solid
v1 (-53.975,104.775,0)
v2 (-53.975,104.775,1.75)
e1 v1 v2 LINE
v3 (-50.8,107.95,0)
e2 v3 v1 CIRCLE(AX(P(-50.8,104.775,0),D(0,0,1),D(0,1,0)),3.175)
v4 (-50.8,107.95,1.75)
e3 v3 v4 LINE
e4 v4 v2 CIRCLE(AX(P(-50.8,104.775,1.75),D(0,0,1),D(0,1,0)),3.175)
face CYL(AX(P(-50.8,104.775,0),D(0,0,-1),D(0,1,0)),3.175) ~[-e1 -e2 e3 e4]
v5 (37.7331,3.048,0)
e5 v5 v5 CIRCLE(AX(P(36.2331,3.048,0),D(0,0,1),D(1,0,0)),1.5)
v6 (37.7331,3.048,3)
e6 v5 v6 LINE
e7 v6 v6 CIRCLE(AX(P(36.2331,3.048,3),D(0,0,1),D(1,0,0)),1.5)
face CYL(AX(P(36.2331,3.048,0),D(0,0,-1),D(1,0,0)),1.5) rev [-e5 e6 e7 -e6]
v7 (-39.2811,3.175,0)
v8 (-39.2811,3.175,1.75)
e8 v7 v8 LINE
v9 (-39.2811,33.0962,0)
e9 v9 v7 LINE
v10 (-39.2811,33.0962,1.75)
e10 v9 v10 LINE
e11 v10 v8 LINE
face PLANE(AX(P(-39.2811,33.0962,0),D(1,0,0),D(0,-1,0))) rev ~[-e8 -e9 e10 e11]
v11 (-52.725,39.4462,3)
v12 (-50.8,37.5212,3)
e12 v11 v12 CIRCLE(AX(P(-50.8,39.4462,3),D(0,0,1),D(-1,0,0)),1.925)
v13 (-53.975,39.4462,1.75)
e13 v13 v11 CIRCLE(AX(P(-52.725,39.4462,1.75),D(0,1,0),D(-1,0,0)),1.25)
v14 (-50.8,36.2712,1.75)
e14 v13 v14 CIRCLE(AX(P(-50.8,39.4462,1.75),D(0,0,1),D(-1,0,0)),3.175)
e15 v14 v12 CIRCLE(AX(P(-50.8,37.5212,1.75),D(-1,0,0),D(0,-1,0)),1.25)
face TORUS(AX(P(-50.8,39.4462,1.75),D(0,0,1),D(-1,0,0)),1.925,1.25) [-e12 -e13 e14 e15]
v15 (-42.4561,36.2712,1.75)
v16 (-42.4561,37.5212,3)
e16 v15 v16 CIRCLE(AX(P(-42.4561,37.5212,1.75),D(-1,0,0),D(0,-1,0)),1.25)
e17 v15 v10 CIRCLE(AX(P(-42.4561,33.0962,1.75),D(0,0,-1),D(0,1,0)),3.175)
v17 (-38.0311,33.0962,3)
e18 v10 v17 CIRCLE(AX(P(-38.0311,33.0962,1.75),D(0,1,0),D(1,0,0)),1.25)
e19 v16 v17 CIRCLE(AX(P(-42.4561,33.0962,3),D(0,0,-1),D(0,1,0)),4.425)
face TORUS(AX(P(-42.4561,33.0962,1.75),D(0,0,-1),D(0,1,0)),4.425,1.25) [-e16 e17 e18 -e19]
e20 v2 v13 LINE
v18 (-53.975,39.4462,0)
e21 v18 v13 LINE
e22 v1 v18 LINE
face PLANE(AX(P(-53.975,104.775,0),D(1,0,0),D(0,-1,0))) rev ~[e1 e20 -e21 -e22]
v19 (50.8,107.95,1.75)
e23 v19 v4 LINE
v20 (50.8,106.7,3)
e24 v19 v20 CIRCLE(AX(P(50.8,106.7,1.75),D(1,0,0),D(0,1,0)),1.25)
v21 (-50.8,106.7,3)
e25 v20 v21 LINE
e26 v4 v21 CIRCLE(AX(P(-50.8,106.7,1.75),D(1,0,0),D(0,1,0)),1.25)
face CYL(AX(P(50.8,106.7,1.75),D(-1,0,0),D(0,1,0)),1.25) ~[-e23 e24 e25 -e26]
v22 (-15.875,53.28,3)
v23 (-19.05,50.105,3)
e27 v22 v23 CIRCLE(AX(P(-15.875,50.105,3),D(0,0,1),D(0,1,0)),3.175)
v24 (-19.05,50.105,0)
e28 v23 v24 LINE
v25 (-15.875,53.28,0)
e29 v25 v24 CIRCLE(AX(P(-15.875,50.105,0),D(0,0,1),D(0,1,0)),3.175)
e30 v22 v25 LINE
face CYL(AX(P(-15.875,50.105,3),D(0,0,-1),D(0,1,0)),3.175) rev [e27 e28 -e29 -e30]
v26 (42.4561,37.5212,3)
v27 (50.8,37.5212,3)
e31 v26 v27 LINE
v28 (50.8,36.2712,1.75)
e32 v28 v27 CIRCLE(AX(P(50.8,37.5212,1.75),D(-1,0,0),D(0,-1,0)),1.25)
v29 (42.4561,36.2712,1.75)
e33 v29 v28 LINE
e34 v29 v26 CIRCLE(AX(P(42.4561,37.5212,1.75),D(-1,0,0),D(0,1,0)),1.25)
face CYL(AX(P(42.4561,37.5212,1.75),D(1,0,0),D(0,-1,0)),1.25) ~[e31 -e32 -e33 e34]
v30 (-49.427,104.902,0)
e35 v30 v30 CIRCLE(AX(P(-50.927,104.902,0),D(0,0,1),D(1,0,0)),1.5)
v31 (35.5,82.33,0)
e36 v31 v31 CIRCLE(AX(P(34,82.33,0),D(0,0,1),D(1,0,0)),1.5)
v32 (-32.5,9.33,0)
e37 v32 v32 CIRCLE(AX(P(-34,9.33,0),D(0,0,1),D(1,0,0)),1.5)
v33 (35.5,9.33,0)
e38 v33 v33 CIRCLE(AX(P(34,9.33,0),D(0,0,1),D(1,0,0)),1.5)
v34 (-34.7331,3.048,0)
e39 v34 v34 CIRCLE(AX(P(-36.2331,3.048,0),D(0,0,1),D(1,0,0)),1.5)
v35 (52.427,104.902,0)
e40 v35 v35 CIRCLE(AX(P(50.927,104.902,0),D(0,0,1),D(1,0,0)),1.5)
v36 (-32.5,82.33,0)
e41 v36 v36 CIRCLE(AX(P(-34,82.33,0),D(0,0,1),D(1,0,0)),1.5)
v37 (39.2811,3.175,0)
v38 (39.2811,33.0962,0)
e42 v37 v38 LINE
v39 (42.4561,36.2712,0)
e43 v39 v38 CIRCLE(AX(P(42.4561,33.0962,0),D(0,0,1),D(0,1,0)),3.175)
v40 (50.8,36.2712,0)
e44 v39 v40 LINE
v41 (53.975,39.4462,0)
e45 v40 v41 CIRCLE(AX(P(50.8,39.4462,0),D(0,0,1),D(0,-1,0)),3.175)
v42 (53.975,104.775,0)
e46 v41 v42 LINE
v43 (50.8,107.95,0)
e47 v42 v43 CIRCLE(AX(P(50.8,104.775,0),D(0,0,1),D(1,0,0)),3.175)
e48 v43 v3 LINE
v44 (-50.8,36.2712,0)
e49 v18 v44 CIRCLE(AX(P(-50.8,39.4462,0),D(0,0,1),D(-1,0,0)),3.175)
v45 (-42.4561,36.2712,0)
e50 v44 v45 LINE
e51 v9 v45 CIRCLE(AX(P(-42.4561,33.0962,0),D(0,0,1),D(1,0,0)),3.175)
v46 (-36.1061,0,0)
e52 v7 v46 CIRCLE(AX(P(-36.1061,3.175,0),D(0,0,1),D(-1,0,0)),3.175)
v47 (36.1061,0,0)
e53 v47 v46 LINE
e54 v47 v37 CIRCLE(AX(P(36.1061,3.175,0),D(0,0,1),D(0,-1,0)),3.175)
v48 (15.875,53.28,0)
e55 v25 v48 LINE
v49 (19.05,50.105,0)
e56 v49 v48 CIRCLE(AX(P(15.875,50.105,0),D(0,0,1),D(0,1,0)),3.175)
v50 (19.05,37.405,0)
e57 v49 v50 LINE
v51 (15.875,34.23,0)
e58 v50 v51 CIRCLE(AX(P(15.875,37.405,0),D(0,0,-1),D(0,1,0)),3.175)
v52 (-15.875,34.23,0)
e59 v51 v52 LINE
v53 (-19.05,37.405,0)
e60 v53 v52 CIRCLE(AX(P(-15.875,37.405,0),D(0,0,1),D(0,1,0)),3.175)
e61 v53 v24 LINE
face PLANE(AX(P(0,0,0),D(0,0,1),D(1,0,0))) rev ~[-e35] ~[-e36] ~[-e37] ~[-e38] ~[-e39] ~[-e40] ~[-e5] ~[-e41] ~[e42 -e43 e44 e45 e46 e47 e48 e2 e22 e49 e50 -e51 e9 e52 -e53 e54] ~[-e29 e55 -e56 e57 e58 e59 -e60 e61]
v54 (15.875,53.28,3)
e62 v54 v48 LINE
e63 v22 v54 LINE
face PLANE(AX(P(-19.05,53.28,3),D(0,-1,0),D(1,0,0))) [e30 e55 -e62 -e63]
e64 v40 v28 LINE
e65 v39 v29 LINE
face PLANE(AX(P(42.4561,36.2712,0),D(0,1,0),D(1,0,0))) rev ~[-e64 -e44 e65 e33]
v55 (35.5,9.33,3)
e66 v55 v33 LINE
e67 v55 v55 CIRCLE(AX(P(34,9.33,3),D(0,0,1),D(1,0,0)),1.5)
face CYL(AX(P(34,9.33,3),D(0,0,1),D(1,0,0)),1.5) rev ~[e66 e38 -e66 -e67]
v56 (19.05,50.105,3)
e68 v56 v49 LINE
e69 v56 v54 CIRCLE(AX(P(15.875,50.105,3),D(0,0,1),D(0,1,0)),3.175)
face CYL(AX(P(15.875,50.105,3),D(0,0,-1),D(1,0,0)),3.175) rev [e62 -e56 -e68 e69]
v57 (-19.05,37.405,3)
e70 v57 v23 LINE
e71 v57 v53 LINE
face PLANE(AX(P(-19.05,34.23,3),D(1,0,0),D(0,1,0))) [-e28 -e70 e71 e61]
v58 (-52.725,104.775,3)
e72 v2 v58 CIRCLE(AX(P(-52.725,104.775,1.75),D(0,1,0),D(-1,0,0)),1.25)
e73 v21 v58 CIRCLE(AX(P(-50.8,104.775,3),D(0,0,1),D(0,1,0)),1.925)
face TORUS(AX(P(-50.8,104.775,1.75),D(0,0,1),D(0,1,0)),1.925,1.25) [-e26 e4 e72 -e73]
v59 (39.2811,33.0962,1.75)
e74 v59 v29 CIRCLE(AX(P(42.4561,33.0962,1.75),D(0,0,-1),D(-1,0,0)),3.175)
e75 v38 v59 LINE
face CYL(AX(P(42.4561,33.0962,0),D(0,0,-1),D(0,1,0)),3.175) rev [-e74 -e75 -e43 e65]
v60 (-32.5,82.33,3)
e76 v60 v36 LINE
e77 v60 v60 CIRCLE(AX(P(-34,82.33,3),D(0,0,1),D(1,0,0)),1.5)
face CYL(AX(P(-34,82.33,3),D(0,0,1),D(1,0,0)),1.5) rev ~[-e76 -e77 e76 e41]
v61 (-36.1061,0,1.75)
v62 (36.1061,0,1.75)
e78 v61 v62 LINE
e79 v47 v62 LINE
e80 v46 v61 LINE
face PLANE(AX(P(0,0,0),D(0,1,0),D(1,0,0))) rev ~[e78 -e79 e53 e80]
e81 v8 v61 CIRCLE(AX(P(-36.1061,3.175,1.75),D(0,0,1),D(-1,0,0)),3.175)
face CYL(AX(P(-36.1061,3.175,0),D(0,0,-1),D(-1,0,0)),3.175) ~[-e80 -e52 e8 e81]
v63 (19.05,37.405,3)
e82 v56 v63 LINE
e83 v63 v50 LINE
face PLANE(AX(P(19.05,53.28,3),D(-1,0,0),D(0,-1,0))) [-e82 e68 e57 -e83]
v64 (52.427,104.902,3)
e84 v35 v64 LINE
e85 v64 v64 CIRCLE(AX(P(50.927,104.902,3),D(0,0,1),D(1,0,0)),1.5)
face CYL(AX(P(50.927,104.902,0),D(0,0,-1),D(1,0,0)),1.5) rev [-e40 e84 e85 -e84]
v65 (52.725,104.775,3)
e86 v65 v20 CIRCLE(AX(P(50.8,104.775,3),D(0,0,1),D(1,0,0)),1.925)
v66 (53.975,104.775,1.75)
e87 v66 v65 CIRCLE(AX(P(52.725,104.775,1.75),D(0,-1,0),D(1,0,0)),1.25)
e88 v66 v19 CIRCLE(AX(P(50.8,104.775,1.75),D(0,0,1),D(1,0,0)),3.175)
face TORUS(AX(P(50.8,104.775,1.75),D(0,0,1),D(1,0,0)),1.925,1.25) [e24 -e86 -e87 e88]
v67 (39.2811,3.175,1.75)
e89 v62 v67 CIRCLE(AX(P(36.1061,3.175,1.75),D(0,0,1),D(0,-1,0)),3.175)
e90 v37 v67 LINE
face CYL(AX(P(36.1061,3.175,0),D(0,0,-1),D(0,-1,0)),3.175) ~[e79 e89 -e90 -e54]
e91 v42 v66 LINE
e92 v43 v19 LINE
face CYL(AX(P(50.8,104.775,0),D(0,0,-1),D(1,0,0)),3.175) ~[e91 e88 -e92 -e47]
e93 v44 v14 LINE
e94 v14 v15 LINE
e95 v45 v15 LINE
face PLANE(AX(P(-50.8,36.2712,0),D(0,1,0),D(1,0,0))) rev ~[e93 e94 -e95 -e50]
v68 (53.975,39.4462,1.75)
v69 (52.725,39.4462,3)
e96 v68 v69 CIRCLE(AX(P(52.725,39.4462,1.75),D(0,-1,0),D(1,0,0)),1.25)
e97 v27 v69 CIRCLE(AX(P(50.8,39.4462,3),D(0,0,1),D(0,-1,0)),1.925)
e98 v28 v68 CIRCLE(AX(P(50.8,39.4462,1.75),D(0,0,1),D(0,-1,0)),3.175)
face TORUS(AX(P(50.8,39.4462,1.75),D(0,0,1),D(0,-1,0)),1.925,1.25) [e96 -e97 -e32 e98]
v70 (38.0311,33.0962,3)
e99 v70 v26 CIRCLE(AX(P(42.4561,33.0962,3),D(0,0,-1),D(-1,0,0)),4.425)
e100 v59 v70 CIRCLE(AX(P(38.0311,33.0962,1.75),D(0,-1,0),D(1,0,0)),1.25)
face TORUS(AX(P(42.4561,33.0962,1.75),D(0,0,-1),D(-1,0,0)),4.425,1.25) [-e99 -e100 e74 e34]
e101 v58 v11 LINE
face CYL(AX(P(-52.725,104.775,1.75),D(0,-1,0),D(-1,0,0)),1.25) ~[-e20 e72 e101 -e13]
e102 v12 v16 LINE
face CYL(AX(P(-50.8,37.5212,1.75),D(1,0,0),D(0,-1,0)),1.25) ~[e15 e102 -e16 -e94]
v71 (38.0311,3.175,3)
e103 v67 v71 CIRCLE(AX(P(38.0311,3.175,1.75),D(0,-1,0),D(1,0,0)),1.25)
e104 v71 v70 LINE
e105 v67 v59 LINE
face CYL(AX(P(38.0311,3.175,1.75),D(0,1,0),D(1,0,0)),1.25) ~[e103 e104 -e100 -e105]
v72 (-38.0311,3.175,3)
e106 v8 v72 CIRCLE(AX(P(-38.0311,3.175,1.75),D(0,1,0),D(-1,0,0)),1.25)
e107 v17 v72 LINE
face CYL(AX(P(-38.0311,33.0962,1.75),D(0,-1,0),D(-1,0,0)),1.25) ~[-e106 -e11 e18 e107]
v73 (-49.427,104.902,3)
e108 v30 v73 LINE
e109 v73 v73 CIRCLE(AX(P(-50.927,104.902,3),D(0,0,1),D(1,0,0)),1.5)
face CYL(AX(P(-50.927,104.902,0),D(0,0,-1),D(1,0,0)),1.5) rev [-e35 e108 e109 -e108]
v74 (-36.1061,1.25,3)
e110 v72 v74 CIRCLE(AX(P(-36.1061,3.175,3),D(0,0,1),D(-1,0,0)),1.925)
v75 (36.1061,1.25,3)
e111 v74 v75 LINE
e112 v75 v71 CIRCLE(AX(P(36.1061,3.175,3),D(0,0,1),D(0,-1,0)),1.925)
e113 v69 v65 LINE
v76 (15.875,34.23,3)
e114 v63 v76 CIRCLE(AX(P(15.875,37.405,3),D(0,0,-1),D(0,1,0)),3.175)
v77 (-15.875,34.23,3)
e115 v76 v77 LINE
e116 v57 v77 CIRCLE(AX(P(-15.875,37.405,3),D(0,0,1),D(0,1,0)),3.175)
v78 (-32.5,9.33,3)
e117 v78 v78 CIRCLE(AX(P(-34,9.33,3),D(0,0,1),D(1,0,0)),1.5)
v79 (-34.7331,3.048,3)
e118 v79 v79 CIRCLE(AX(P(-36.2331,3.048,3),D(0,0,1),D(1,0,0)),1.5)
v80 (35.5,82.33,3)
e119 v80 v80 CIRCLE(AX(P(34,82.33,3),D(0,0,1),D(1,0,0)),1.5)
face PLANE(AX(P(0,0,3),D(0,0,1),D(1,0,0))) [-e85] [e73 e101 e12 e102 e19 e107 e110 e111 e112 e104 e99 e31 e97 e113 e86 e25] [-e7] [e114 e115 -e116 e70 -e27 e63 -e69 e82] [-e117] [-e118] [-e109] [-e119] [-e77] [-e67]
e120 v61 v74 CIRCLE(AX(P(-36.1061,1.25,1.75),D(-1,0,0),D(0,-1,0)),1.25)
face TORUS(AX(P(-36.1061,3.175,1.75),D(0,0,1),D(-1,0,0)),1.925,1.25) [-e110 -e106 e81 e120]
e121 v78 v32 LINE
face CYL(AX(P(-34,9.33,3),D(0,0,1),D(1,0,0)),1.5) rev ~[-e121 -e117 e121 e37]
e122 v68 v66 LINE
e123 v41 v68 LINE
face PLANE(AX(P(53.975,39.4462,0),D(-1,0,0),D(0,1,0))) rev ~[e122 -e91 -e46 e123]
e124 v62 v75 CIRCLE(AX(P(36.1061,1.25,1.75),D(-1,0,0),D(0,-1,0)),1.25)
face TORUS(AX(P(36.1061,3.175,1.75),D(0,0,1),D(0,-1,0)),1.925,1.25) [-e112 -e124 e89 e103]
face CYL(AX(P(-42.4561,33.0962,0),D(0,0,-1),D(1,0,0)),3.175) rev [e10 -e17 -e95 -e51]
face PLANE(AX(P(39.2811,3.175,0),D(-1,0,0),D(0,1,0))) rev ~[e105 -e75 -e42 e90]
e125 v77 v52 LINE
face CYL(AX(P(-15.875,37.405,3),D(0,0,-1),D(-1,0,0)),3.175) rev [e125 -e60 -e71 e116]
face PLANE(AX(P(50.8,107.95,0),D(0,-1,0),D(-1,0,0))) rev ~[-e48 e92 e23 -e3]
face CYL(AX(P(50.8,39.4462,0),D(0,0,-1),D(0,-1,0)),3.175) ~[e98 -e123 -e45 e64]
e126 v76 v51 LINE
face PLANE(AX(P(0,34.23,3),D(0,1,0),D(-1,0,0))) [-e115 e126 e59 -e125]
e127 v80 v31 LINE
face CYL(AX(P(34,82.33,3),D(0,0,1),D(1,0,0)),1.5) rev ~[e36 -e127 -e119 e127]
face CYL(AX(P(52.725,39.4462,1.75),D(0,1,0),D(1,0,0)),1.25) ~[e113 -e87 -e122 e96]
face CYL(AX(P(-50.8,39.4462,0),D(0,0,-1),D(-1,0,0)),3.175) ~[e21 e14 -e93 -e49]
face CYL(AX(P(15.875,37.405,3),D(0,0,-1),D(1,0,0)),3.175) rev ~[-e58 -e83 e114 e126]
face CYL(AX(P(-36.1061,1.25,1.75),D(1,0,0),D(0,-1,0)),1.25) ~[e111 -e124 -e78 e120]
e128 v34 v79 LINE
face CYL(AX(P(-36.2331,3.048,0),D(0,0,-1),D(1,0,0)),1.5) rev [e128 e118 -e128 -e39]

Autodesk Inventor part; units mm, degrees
ref_plane "YZ Plane" through (0, 0, 0) normal (1, 0, 0) x (0, 1, 0)
ref_plane "XZ Plane" through (0, 0, 0) normal (0, 1, 0) x (-1, 0, 0)
ref_plane "XY Plane" through (0, 0, 0) normal (0, 0, 1) x (1, 0, 0)
sketch "Sketch1" plane through (0, 0, 0) normal (0, 0, 1) x (1, 0, 0)
  arc A0 (-50.8, 107.95) -> (-53.975, 104.775) centre (-50.8, 104.775) ccw
  line L0 (-53.975, 104.775) -> (-53.975, 39.4462)
  arc A1 (-53.975, 39.4462) -> (-50.8, 36.2712) centre (-50.8, 39.4462) ccw
  line L1 (-50.8, 36.2712) -> (-42.4561, 36.2712)
  arc A2 (-39.2811, 33.0962) -> (-42.4561, 36.2712) centre (-42.4561, 33.0962) ccw
  line L2 (-39.2811, 33.0962) -> (-39.2811, 3.175)
  arc A3 (-39.2811, 3.175) -> (-36.1061, 0) centre (-36.1061, 3.175) ccw
  line L3 (-36.1061, 0) -> (36.1061, 0)
  arc A4 (36.1061, 0) -> (39.2811, 3.175) centre (36.1061, 3.175) ccw
  line L4 (39.2811, 3.175) -> (39.2811, 33.0962)
  arc A5 (42.4561, 36.2712) -> (39.2811, 33.0962) centre (42.4561, 33.0962) ccw
  line L5 (42.4561, 36.2712) -> (50.8, 36.2712)
  arc A6 (50.8, 36.2712) -> (53.975, 39.4462) centre (50.8, 39.4462) ccw
  line L6 (53.975, 39.4462) -> (53.975, 104.775)
  arc A7 (53.975, 104.775) -> (50.8, 107.95) centre (50.8, 104.775) ccw
  line L7 (50.8, 107.95) -> (-50.8, 107.95)
  arc A8 (39.4081, 39.3192) -> (36.2331, 36.1442) centre (39.4081, 36.1442) ccw
  line L8 (36.2331, 36.1442) -> (36.2331, 9.271)
  arc A9 (33.0581, 6.096) -> (36.2331, 9.271) centre (33.0581, 9.271) ccw
  line L9 (33.0581, 6.096) -> (-33.0581, 6.096)
  arc A10 (-36.2331, 9.271) -> (-33.0581, 6.096) centre (-33.0581, 9.271) ccw
  line L10 (-36.2331, 9.271) -> (-36.2331, 36.1442)
  arc A11 (-36.2331, 36.1442) -> (-39.4081, 39.3192) centre (-39.4081, 36.1442) ccw
  line L11 (-39.4081, 39.3192) -> (-47.752, 39.3192)
  arc A12 (-50.927, 42.4942) -> (-47.752, 39.3192) centre (-47.752, 42.4942) ccw
  line L12 (-50.927, 42.4942) -> (-50.927, 98.679)
  arc A13 (-47.752, 101.854) -> (-50.927, 98.679) centre (-47.752, 98.679) ccw
  line L13 (-47.752, 101.854) -> (47.752, 101.854)
  arc A14 (50.927, 98.679) -> (47.752, 101.854) centre (47.752, 98.679) ccw
  line L14 (50.927, 98.679) -> (50.927, 42.4942)
  arc A15 (47.752, 39.3192) -> (50.927, 42.4942) centre (47.752, 42.4942) ccw
  line L15 (47.752, 39.3192) -> (39.4081, 39.3192)
  circle A16 centre (-50.927, 104.902) radius 1.5
  circle A17 centre (36.2331, 3.048) radius 1.5
  circle A18 centre (-36.2331, 3.048) radius 1.5
  circle A19 centre (50.927, 104.902) radius 1.5
  line L16 (0, 0) -> (0, -19.0308)
extrude "Extrusion1" add sketch "Sketch1" along normal blind 3 contours L7 A7 L6 A6 L5 A5 L4 A4 L3 A3 L2 A2 L1 A1 L0 A0 | A8 L8 A9 L9 A10 L10 A11 L11 A12 L12 A13 L13 A14 L14 A15 L15
fillet "Fillet1" radius 1.25 16 edges at (53.0451, 107.0201, 3) (0, 107.95, 3) (-53.0451, 107.0201, 3) (-53.975, 72.1106, 3) (-53.0451, 37.2011, 3) (-46.6281, 36.2712, 3) (-40.211, 35.3413, 3) (-39.2811, 18.1356, 3) (-38.3512, 0.9299, 3) (0, 0, 3) (38.3512, 0.9299, 3) (39.2811, 18.1356, 3) (40.211, 35.3413, 3) (46.6281, 36.2712, 3) (53.0451, 37.2011, 3) (53.975, 72.1106, 3)
sketch "Sketch2" plane through (0, 0, 3) normal (0, 0, 1) x (1, 0, 0)
  arc A0 (-30.9142, 9.83) -> (-32.3284, 10.83) centre (-32.3284, 9.33) ccw
  line L0 (-32.5, 10.83) -> (-32.3284, 10.83)
  line L1 (-32.5, 80.83) -> (-32.5, 10.83)
  line L2 (32.5, 80.83) -> (-32.5, 80.83)
  line L3 (32.5, 10.83) -> (32.5, 80.83)
  line L4 (32.3284, 10.83) -> (32.5, 10.83)
  arc A1 (32.3284, 10.83) -> (30.9142, 9.83) centre (32.3284, 9.33) ccw
  arc A2 (29.5, 8.83) -> (30.9142, 9.83) centre (29.5, 10.33) ccw
  line L5 (29.5, 8.83) -> (-29.5, 8.83)
  arc A3 (-30.9142, 9.83) -> (-29.5, 8.83) centre (-29.5, 10.33) ccw
  arc A4 (-35, 85.33) -> (-37, 83.33) centre (-35, 83.33) ccw
  line L6 (-37, 8.33) -> (-37, 83.33)
  arc A5 (-37, 8.33) -> (-35, 6.33) centre (-35, 8.33) ccw
  line L7 (35, 6.33) -> (-35, 6.33)
  arc A6 (35, 6.33) -> (37, 8.33) centre (35, 8.33) ccw
  line L8 (37, 83.33) -> (37, 8.33)
  arc A7 (37, 83.33) -> (35, 85.33) centre (35, 83.33) ccw
  line L9 (-35, 85.33) -> (35, 85.33)
  circle A8 centre (34, 82.33) radius 1.5
  circle A9 centre (-34, 82.33) radius 1.5
  circle A10 centre (-34, 9.33) radius 1.5
  circle A11 centre (34, 9.33) radius 1.5
  line L10 (36.1061, 1.25) -> (-36.1061, 1.25) projected
  line L11 (0, 6.33) -> (0, -2.8147)
  line L12 (0, 1.25) -> (0, 6.33)
  line L13 (0, 8.83) -> (0, 34.23)
  line L14 (0, 34.23) -> (-19.05, 34.23)
  line L15 (-19.05, 34.23) -> (-19.05, 53.28)
  line L16 (-19.05, 53.28) -> (19.05, 53.28)
  line L17 (19.05, 53.28) -> (19.05, 34.23)
  line L18 (19.05, 34.23) -> (0, 34.23)
  point P0 (0, 0)
  point P1 (0, 67.33)
  dimension "d4" = 5.08
  dimension "d5" = 25.4
  dimension "d6" = 19.05
  dimension "d7" = 19.05
  dimension "d8" = 38.1
  dimension "d9" = 19.05
extrude "Extrusion2" cut sketch "Sketch2" against normal through all contours L14 L15 L16 L17 L18 | A8 | A9 | A10 | A11
fillet "Fillet2" radius 3.175 4 edges at (-19.05, 53.28, 1.5) (-19.05, 34.23, 1.5) (19.05, 34.23, 1.5) (19.05, 53.28, 1.5)
properties part number "bit bot lid 1"
